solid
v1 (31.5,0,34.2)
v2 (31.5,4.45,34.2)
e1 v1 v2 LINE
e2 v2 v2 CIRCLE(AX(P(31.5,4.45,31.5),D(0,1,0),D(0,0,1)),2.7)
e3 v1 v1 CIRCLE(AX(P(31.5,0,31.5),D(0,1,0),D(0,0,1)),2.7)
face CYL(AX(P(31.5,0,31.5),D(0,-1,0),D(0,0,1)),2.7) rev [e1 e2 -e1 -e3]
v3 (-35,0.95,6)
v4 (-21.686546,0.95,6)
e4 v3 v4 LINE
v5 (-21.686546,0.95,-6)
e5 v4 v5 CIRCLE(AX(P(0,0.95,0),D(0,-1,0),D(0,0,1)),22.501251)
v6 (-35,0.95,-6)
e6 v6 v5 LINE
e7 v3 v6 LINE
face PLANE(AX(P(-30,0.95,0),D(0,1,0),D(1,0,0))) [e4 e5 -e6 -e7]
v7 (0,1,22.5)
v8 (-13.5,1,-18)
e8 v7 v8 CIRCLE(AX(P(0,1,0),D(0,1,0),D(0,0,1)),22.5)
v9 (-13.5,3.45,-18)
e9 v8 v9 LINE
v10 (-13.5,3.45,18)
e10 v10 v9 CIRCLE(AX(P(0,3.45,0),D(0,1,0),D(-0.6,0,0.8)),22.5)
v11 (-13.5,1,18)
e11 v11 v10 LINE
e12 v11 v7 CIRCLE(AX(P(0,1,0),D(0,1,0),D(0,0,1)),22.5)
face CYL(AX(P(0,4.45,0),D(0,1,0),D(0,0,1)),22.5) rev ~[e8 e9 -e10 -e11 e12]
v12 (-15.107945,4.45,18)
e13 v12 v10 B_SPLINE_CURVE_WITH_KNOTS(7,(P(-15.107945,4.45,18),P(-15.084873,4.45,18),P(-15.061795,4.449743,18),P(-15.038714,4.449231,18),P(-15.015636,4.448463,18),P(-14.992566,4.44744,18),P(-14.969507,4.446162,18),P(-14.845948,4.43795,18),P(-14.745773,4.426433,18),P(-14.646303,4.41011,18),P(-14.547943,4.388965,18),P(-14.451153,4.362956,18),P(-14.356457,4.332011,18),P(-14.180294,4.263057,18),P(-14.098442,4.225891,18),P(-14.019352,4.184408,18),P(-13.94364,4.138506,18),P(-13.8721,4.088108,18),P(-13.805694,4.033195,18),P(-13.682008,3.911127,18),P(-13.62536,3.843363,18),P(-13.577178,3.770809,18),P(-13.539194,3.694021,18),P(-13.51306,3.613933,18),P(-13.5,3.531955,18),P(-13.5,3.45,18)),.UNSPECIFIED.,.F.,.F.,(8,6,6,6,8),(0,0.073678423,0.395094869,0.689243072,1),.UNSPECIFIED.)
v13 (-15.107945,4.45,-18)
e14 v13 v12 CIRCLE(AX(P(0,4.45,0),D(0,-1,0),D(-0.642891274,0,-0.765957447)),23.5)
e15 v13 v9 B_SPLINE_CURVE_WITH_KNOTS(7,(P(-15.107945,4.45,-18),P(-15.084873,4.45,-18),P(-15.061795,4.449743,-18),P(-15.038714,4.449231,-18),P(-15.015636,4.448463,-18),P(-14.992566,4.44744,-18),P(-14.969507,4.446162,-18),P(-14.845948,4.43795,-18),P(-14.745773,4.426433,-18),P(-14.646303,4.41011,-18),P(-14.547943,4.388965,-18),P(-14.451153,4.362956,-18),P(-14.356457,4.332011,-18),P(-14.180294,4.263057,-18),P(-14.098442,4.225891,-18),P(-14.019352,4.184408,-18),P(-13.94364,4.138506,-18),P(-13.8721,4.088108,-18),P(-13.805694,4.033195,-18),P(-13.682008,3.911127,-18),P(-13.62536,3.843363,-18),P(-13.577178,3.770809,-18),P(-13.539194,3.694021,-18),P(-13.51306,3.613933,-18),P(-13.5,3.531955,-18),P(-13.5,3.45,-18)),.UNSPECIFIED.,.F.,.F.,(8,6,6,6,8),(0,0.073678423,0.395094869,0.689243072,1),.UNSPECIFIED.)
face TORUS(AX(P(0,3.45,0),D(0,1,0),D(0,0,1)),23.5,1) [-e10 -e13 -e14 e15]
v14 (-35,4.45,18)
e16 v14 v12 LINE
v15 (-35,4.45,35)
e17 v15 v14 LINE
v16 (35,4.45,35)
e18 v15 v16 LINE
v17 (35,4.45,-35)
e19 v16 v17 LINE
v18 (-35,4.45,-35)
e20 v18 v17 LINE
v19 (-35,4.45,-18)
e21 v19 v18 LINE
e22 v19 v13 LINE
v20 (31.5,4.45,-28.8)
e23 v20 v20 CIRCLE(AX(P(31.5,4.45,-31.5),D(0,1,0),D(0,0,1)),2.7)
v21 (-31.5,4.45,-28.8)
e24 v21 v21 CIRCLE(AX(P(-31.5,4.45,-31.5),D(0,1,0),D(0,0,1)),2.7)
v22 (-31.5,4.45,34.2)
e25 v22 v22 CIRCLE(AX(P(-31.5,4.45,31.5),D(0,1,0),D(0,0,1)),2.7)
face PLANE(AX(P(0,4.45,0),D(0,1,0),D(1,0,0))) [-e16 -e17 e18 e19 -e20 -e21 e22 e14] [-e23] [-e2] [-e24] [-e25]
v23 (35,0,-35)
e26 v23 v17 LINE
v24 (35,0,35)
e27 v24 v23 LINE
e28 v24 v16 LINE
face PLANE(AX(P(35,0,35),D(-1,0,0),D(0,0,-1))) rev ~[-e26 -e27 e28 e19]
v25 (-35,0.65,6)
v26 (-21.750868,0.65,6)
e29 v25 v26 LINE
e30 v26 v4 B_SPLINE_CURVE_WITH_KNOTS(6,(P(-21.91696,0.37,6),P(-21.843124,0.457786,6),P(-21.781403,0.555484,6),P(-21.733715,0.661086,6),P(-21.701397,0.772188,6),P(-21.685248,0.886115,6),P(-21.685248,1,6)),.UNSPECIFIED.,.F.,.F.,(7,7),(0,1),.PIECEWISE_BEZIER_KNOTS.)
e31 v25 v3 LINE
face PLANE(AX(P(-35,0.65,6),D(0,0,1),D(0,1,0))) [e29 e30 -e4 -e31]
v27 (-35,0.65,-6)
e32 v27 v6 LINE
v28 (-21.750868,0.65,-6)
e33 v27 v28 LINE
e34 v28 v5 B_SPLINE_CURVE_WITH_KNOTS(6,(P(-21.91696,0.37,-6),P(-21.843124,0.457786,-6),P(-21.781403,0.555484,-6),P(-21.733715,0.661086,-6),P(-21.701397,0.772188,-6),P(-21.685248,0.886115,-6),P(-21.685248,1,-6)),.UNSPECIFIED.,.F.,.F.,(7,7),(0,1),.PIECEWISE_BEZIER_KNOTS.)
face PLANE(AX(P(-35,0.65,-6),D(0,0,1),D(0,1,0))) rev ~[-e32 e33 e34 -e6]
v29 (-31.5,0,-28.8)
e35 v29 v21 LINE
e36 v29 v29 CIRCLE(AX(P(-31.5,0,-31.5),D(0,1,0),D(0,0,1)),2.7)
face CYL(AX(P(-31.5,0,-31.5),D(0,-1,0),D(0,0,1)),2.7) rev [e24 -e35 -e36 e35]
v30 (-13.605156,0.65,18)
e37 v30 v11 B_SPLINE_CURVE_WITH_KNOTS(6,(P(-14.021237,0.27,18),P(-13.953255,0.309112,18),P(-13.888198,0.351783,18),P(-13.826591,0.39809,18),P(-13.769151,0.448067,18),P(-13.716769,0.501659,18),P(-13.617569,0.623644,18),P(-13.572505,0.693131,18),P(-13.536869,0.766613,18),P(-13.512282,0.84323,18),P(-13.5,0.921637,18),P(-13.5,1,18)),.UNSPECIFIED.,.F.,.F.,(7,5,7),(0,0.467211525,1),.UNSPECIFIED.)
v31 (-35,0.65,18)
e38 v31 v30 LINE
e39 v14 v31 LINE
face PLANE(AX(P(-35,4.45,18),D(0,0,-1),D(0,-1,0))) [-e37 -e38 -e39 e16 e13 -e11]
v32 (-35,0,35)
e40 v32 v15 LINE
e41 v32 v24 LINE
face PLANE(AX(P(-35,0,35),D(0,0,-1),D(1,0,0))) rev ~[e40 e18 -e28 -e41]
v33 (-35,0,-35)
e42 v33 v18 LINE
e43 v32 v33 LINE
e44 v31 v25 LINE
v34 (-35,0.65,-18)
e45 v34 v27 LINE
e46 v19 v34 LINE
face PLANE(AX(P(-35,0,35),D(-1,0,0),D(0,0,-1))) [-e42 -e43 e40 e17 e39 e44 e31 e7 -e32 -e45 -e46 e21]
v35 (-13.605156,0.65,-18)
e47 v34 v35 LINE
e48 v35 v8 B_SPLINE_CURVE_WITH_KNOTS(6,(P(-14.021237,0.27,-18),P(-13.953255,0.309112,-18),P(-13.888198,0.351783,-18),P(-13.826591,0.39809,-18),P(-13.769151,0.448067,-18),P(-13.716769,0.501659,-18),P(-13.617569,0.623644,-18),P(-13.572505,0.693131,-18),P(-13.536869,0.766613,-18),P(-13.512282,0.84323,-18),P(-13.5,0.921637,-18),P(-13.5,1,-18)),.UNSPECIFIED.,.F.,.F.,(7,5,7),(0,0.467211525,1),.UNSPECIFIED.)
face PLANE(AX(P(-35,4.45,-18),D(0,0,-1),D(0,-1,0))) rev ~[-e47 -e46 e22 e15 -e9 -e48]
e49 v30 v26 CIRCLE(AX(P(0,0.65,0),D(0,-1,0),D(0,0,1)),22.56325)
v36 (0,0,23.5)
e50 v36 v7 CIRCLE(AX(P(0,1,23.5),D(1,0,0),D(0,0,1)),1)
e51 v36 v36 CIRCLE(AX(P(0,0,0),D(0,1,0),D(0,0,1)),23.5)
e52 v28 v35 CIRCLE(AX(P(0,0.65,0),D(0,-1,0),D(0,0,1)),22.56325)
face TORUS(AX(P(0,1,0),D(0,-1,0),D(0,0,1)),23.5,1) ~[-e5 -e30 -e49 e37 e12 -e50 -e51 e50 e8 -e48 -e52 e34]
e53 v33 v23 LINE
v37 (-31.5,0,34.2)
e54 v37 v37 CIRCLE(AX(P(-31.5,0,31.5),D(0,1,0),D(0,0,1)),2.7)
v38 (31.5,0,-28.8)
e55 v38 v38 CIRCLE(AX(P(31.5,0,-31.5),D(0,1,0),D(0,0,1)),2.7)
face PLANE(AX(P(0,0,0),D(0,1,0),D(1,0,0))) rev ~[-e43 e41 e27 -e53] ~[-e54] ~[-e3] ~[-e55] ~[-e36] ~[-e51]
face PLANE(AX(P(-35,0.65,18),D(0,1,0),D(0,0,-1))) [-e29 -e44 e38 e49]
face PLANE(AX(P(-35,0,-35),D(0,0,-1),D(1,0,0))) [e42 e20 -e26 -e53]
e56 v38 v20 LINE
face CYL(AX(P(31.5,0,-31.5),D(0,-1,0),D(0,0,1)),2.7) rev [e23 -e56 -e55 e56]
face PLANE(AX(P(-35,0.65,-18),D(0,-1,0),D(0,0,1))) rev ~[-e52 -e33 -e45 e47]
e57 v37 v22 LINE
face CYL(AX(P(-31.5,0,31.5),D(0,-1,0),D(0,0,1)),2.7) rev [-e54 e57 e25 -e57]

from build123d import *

# Parameters (mm, degrees)
SKETCH1_W           = 70
SKETCH1_H           = 70
SKETCH1_R           = 2.7
BOSS_EXTRUDE1_DEPTH = 4.45
SKETCH2_R           = 22.5
CUT_EXTRUDE1_DEPTH  = 50.697107562
FILLET1_R           = 1
SKETCH4_W           = 10
SKETCH4_H           = 12
CUT_EXTRUDE3_DEPTH  = 3.5
FILLET2_R           = 1
FILLET3_R           = 1
CUT_EXTRUDE4_DEPTH  = 27.5
CUT_EXTRUDE5_DEPTH  = 14.5


with BuildPart() as part:
    # Sketch1 → Boss-Extrude1 (new body)
    with BuildSketch(Plane(origin=(0, 0, 0), x_dir=(1, 0, 0), z_dir=(0, 1, 0))):
        Rectangle(SKETCH1_W, SKETCH1_H)
        with Locations(Location((31.5, 31.5, 0), (0, 0, 270))):
            Circle(SKETCH1_R, mode=Mode.SUBTRACT)
        with Locations(Location((-31.5, 31.5, 0), (0, 0, 270))):
            Circle(SKETCH1_R, mode=Mode.SUBTRACT)
        with Locations(Location((31.5, -31.5, 0), (0, 0, 270))):
            Circle(SKETCH1_R, mode=Mode.SUBTRACT)
        with Locations(Location((-31.5, -31.5, 0), (0, 0, 270))):
            Circle(SKETCH1_R, mode=Mode.SUBTRACT)
    extrude(amount=BOSS_EXTRUDE1_DEPTH)

    # Sketch2 → Cut-Extrude1 (cut, through all)
    with BuildSketch(Plane(origin=(0, 4.45, 0), x_dir=(1, 0, 0), z_dir=(0, 1, 0))):
        with Locations(Location((0, 0, 0), (0, 0, 270))):
            Circle(SKETCH2_R)
    extrude(amount=-CUT_EXTRUDE1_DEPTH, mode=Mode.SUBTRACT)

    # Fillet1
    fillet1_edges = [part.edges().sort_by_distance(p)[0] for p in [
        (0, 4.45, -22.5),
    ]]
    fillet(fillet1_edges, radius=FILLET1_R)

    # Sketch4 → Cut-Extrude3 (cut)
    with BuildSketch(Plane(origin=(0, 4.45, 0), x_dir=(1, 0, 0), z_dir=(0, 1, 0))):
        with Locations((-30, 0)):
            Rectangle(SKETCH4_W, SKETCH4_H)
    extrude(amount=-CUT_EXTRUDE3_DEPTH, mode=Mode.SUBTRACT)

    # Fillet2
    fillet2_edges = [part.edges().sort_by_distance(p)[0] for p in [
        (0, 0, -22.5),
    ]]
    fillet(fillet2_edges, radius=FILLET2_R)

    # Fillet3
    fillet3_edges = [part.edges().sort_by_distance(p)[0] for p in [
        (-30, 4.45, -6),
        (-30, 4.45, 6),
    ]]
    fillet(fillet3_edges, radius=FILLET3_R)

    # Sketch6 → Cut-Extrude4 (cut)
    with BuildSketch(Plane.ZY.offset(35)):
        with BuildLine():
            Line((7, 4.45), (18, 4.45))
            Line((18, 4.45), (18, 0.65))
            Line((18, 0.65), (6, 0.65))
            Line((6, 0.65), (6, 3.45))
            ThreePointArc((6, 3.45), (6.292893219, 4.157106781), (7, 4.45))
        make_face()
        with BuildLine():
            Line((-7, 4.45), (-18, 4.45))
            Line((-18, 4.45), (-18, 0.65))
            Line((-18, 0.65), (-6, 0.65))
            Line((-6, 0.65), (-6, 3.45))
            ThreePointArc((-6, 3.45), (-6.292893219, 4.157106781), (-7, 4.45))
        make_face()
    extrude(amount=-CUT_EXTRUDE4_DEPTH, mode=Mode.SUBTRACT)

    # Sketch7 → Cut-Extrude5 (cut)
    with BuildSketch(Plane.ZY.offset(25)):
        with BuildLine():
            Line((7, 4.45), (-7, 4.45))
            ThreePointArc((-7, 4.45), (-6.292893219, 4.157106781), (-6, 3.45))
            Line((-6, 3.45), (-6, 0.95))
            Line((-6, 0.95), (6, 0.95))
            Line((6, 0.95), (6, 3.45))
            ThreePointArc((6, 3.45), (6.292893219, 4.157106781), (7, 4.45))
        make_face()
    extrude(amount=-CUT_EXTRUDE5_DEPTH, mode=Mode.SUBTRACT)


with BuildPart() as cut_extrude5_kept_piece:
    # of the separate pieces the step leaves, the one the design keeps (cut_extrude5_pieces_kept)
    add(part.part.solids().sort_by_distance((-35, 4.45, 18))[0])


solid = cut_extrude5_kept_piece.part
